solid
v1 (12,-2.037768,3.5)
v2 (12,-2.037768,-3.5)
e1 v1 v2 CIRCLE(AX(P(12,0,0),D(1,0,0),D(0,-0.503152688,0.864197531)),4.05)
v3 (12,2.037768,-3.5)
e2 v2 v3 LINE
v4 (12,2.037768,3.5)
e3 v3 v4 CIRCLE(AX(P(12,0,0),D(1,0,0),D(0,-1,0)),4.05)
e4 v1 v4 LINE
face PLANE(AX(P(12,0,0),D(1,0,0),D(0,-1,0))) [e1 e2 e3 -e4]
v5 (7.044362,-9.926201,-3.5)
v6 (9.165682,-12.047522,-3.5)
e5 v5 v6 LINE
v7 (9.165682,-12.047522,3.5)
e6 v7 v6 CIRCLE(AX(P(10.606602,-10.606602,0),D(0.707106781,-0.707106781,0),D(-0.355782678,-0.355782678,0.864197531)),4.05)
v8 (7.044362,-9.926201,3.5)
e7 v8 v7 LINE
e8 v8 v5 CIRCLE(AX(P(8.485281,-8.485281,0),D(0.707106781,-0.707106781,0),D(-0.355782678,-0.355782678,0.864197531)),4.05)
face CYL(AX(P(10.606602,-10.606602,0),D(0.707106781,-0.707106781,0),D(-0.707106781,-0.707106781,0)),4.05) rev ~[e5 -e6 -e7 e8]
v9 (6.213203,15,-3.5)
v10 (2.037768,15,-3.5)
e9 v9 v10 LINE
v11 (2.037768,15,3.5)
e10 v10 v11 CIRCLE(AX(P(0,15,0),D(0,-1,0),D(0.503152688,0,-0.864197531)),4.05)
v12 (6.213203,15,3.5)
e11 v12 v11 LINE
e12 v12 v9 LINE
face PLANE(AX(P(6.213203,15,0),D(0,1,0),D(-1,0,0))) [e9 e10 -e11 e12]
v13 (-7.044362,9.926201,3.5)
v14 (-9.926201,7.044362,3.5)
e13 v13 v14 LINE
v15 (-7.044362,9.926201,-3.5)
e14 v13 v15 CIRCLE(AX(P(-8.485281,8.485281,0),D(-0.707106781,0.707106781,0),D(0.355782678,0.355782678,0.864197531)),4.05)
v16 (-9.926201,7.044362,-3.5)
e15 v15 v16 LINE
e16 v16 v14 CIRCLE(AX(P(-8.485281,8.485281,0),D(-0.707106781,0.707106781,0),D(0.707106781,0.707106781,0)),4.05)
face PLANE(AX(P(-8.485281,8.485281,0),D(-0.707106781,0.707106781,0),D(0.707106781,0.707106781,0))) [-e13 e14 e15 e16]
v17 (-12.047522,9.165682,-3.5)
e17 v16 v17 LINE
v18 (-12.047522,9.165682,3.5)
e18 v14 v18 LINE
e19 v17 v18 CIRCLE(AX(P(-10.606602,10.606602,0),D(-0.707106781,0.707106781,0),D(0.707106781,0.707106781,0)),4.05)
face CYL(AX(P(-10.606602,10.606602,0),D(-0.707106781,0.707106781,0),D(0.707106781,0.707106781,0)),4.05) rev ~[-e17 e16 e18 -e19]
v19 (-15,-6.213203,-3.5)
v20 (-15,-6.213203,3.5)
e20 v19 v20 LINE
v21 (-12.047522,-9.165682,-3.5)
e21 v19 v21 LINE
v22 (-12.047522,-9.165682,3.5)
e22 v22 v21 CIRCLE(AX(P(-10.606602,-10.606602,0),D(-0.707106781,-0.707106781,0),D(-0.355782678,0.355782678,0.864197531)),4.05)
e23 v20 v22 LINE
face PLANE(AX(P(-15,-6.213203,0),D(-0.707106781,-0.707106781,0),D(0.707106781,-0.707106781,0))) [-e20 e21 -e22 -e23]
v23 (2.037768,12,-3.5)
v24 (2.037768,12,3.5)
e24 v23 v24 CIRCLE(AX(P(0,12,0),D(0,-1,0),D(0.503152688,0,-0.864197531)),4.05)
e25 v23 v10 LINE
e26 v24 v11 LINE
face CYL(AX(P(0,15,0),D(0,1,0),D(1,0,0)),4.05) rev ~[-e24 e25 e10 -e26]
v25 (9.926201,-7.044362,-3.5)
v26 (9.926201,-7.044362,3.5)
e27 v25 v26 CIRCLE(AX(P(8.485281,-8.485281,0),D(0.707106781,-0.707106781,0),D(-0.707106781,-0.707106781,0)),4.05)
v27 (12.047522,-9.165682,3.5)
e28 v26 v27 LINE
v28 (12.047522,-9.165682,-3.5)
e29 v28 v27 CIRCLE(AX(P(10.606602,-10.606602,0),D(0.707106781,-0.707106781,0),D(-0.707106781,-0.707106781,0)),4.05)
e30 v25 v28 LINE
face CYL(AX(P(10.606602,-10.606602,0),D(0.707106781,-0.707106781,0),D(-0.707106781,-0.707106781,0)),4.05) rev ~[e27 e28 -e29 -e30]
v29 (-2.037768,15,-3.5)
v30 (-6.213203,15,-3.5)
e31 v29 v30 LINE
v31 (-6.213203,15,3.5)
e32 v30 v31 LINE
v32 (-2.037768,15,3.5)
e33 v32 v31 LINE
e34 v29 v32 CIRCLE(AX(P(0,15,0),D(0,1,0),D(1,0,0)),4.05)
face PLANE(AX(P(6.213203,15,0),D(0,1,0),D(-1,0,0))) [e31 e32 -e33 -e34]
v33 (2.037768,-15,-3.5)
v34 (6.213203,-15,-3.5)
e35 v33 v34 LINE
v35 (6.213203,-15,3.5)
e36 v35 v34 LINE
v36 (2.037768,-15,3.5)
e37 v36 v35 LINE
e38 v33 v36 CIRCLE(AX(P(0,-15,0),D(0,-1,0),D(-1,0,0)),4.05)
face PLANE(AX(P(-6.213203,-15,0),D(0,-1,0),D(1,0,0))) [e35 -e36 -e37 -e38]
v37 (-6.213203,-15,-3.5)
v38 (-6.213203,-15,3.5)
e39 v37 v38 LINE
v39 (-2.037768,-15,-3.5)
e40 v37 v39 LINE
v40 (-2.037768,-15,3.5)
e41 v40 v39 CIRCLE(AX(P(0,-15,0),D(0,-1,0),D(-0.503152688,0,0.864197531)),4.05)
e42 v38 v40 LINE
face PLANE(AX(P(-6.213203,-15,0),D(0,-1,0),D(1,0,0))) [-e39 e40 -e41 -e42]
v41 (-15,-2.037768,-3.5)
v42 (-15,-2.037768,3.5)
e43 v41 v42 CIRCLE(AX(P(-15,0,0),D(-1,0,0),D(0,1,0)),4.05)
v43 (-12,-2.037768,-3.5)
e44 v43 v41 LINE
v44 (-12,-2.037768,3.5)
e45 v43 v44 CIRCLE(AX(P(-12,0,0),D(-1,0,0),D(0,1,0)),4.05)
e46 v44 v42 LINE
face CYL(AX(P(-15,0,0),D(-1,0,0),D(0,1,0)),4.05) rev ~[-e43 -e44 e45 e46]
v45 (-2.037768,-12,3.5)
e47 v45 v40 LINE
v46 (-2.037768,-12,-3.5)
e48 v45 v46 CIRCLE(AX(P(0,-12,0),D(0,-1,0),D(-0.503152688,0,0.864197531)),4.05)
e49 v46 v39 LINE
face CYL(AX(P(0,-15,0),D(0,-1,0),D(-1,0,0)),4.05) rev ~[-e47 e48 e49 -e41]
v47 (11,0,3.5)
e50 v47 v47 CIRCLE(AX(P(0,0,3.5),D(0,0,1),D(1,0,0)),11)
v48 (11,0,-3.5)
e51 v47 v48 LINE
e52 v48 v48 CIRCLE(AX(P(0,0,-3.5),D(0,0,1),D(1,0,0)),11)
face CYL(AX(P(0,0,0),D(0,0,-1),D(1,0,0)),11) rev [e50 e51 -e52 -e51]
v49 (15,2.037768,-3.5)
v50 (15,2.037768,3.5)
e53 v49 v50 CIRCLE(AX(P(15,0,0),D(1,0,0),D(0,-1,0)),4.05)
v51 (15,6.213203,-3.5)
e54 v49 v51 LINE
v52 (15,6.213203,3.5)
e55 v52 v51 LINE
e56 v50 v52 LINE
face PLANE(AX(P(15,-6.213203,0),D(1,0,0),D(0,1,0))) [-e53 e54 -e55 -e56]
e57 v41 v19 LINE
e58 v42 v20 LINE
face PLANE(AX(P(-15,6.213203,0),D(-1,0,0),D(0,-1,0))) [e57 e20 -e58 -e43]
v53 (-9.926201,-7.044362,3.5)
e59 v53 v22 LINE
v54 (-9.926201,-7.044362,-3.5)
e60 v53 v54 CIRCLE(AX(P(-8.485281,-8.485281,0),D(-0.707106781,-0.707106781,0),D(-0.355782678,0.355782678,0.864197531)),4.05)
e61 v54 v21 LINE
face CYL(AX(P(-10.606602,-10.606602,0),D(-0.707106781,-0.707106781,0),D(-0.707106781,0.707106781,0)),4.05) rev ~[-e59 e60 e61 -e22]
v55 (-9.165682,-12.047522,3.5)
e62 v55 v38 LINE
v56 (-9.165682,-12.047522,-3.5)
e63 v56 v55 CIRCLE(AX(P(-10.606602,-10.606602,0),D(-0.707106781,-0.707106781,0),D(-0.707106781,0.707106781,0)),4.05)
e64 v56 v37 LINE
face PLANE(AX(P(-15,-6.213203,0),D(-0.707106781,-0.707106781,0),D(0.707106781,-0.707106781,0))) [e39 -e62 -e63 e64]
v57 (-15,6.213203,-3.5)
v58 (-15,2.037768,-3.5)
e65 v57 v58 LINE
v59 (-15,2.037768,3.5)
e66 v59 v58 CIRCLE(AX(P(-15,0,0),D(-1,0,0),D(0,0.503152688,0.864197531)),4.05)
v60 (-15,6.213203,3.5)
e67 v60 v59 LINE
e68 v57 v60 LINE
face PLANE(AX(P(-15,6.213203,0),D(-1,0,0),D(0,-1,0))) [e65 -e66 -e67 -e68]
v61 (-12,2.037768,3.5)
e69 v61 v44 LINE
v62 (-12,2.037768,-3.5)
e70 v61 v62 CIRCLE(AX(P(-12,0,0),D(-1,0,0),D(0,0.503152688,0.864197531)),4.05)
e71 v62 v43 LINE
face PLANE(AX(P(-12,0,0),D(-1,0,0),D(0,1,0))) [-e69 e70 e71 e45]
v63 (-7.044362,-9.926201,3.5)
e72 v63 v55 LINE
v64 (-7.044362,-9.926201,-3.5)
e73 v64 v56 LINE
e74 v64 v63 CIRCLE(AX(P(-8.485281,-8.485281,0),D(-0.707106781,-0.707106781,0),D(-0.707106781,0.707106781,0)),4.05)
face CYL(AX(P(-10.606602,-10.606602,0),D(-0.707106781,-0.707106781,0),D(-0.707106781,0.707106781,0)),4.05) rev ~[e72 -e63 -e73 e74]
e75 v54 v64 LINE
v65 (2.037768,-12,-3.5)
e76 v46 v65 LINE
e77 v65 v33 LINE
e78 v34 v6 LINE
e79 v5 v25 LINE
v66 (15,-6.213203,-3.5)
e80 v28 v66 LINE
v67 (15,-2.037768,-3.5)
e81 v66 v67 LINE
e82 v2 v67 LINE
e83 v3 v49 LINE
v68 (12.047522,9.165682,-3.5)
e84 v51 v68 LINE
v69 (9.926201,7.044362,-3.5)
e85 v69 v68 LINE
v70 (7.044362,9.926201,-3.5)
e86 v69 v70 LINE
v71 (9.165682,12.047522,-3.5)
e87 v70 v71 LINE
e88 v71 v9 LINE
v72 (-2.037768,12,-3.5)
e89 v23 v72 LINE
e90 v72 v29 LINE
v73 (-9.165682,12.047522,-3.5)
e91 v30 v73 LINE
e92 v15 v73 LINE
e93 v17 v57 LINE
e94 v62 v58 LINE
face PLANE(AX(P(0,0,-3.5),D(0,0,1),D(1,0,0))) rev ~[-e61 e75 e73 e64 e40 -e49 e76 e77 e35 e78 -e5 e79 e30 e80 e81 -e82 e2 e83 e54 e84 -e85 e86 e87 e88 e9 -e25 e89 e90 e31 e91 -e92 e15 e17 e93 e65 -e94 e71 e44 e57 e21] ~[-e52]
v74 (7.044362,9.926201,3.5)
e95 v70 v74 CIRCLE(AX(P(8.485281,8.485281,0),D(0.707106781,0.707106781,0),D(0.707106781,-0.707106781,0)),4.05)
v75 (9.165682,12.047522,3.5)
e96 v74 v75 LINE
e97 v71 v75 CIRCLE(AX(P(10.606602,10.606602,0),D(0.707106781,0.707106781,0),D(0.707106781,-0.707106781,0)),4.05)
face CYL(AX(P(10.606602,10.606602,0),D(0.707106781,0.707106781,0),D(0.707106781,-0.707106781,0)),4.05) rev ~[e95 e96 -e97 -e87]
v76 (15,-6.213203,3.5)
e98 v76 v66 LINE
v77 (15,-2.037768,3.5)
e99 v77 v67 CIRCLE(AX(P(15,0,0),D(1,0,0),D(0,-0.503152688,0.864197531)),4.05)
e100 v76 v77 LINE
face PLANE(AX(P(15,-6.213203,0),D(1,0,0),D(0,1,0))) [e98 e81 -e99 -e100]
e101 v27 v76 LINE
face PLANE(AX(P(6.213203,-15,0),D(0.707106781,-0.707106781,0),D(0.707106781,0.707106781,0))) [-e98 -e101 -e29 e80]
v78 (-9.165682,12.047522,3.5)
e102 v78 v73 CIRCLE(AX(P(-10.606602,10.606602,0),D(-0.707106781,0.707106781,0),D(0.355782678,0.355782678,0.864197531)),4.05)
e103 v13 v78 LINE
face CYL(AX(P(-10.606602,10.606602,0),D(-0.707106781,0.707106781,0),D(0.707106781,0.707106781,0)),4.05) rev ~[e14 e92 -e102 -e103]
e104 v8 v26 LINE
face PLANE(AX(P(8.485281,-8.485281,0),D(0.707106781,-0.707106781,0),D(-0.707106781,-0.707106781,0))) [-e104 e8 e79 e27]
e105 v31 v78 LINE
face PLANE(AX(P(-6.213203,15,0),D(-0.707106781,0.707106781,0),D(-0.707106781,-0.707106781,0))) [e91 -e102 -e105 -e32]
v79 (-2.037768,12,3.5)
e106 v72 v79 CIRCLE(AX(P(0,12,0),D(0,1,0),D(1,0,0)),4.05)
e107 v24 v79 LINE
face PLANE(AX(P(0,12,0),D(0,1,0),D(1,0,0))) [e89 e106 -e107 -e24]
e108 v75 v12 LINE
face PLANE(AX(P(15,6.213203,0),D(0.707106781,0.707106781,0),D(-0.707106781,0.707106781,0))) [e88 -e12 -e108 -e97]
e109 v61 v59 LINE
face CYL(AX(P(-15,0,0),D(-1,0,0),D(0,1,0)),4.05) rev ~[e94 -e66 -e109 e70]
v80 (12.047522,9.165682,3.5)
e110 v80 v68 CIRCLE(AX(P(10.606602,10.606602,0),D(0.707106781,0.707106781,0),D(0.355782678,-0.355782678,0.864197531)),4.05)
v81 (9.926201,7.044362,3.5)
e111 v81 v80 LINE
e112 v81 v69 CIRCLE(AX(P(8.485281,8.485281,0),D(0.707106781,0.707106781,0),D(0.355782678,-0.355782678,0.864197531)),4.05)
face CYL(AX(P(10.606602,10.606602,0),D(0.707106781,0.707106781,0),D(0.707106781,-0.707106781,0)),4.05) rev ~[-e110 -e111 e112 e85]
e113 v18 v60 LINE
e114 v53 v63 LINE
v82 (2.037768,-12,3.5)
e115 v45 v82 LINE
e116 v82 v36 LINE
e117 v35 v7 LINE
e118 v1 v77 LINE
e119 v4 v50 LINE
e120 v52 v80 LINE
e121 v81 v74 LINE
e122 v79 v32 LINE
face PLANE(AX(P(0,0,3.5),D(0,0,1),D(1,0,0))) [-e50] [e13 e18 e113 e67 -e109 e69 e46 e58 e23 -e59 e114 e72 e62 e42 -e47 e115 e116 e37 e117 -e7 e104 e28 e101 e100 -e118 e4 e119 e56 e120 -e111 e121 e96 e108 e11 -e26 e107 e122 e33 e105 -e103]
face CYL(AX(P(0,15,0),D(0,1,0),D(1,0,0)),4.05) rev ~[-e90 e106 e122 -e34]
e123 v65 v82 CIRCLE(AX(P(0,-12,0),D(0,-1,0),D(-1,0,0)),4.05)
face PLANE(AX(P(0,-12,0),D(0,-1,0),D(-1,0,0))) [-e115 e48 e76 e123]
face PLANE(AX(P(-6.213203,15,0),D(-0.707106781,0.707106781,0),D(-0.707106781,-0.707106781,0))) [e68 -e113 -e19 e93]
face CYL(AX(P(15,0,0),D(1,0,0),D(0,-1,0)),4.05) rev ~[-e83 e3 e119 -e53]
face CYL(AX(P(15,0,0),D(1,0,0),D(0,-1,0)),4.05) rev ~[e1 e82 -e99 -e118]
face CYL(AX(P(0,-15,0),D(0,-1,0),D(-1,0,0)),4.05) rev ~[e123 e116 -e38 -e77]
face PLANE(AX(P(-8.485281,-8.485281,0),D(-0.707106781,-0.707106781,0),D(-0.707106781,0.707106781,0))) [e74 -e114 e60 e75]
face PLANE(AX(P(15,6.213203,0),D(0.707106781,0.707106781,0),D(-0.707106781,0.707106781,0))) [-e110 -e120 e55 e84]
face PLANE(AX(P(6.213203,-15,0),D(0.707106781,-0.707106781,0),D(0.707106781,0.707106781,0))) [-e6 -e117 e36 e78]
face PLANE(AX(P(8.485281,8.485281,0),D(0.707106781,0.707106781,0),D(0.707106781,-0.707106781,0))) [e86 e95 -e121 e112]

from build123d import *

# Parameters (mm, degrees)
SKETCH1_R           = 11
BOSS_EXTRUDE1_DEPTH = 3.5
SKETCH2_R           = 4.05
CUT_EXTRUDE3_DEPTH  = 3
CIRPATTERN1_COUNT   = 8


with BuildPart() as part:
    # Sketch1 → Boss-Extrude1 (new, symmetric)
    with BuildSketch(Plane.XY):
        Polygon((6.213203436, 15), (-6.213203436, 15), (-15, 6.213203436), (-15, -6.213203436), (-6.213203436, -15), (6.213203436, -15), (15, -6.213203436), (15, 6.213203436), align=None)
        Circle(SKETCH1_R, mode=Mode.SUBTRACT)
    extrude(amount=BOSS_EXTRUDE1_DEPTH, both=True)

    # Sketch2 → Cut-Extrude3 (cut)
    with BuildSketch(Plane(origin=(0, -15, 0), x_dir=(-1, 0, 0), z_dir=(0, -1, 0))):
        Circle(SKETCH2_R)
    cut_extrude3 = extrude(amount=-CUT_EXTRUDE3_DEPTH, mode=Mode.SUBTRACT)

    # CirPattern1: Cut-Extrude3 ×8 about axis
    cirpattern1_axis = Axis((0, 0, 3.5), (0, 0, 1))
    for i in range(1, CIRPATTERN1_COUNT):
        add(cut_extrude3.rotate(cirpattern1_axis, i * 360 / CIRPATTERN1_COUNT), mode=Mode.SUBTRACT)


solid = part.part
